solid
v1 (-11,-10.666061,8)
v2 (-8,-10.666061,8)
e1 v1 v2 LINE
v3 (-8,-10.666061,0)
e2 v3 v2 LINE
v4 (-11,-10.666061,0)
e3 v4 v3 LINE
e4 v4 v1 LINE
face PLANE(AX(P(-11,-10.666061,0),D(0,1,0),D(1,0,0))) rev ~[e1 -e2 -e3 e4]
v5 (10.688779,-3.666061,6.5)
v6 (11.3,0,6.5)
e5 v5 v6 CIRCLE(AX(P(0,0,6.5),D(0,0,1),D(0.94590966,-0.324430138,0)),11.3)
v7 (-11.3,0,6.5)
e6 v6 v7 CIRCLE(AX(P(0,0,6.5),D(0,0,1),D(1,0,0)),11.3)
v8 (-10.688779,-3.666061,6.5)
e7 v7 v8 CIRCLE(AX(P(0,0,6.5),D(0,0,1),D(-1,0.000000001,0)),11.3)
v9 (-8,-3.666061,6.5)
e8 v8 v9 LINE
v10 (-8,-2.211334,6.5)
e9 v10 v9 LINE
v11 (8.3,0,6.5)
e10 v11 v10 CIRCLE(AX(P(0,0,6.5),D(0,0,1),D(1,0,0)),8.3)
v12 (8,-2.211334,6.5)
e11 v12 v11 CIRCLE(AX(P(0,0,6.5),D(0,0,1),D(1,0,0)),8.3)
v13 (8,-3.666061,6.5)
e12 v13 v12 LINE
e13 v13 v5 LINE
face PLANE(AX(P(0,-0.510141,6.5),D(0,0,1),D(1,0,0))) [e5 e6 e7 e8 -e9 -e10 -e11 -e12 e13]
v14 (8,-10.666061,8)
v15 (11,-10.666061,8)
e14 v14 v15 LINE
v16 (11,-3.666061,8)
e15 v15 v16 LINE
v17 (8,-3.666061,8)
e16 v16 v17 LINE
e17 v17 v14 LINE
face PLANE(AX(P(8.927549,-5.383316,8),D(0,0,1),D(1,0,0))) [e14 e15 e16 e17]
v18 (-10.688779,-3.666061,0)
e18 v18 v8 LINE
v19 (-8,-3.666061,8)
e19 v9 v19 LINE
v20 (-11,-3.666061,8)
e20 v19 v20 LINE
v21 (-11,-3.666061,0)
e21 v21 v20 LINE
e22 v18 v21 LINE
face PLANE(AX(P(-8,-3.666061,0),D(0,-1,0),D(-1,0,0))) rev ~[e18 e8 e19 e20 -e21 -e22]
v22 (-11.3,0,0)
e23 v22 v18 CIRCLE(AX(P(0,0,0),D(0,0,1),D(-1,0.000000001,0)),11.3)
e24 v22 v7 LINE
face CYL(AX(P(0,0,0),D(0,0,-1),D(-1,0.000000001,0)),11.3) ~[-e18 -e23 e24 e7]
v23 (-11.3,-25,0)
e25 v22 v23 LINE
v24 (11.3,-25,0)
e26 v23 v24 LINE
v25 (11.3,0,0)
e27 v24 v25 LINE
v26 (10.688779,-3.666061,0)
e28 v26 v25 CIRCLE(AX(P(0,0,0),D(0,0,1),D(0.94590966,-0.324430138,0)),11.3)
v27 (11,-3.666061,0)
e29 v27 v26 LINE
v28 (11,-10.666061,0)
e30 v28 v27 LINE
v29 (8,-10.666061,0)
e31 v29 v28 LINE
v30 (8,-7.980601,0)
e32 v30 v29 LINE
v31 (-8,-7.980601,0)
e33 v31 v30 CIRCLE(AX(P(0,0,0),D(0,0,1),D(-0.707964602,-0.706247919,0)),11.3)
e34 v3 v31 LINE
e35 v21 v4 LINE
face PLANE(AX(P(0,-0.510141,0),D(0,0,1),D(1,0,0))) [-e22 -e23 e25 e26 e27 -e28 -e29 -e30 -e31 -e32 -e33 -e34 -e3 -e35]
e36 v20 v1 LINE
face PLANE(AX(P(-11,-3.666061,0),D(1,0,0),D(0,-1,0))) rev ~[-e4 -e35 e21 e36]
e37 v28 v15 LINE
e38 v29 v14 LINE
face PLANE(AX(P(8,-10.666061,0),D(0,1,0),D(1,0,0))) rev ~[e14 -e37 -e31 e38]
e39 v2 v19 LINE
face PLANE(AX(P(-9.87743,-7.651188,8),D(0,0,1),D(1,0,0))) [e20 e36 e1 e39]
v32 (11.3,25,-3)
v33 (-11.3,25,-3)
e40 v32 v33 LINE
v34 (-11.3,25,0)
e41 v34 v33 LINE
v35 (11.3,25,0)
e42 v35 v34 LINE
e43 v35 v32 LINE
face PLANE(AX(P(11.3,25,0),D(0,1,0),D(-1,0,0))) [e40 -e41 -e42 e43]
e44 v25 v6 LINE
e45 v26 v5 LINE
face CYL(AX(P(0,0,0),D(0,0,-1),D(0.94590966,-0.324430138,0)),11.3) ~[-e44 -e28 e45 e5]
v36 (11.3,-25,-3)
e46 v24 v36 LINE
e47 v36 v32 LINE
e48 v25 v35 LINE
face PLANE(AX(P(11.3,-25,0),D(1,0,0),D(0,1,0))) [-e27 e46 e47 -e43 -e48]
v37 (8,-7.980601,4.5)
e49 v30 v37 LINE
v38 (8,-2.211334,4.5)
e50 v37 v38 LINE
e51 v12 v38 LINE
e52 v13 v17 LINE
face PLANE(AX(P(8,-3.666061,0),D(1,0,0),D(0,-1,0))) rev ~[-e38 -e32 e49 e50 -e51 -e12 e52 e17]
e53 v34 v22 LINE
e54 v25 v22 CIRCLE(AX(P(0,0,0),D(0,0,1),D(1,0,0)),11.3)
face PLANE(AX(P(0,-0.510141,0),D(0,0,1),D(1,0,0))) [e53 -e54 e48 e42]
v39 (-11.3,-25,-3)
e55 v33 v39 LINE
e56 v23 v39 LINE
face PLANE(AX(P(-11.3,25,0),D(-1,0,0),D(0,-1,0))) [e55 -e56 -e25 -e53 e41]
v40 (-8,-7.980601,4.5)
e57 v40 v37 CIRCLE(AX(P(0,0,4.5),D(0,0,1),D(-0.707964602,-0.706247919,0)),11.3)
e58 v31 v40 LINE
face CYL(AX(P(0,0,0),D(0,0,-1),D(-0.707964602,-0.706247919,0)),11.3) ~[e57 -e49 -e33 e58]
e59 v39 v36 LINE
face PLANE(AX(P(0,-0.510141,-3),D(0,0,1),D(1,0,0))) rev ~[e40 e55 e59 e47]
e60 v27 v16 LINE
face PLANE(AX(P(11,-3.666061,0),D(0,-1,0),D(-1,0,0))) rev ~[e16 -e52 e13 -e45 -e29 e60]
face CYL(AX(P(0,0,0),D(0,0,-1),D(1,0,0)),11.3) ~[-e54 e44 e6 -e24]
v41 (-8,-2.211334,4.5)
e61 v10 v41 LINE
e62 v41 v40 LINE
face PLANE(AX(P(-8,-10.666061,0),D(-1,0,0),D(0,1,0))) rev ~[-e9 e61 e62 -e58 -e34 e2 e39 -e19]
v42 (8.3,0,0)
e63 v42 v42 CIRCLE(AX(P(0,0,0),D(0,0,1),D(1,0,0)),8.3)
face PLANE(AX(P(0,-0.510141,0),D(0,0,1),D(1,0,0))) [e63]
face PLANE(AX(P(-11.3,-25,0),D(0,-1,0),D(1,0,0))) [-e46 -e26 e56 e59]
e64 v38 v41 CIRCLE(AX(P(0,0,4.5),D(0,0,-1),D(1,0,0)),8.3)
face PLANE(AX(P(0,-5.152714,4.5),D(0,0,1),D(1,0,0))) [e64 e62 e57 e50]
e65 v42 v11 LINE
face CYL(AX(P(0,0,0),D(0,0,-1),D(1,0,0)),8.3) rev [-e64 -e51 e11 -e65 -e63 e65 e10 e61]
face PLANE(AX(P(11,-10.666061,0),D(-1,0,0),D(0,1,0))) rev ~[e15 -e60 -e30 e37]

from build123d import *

# Parameters (mm, degrees)
F0_R     = 8.3
F1_DEPTH = 6.5
F2_DEPTH = 8
F4_DEPTH = 2
F5_DEPTH = 3


with BuildPart() as f1:
    # F0 (on Top) → F1 (new body)
    with BuildSketch(Plane.XY):
        with BuildLine():
            ThreePointArc((10.6887791632, -3.666060556), (11.1461474184, -1.8583319746), (11.3, 0))
            ThreePointArc((11.3, 0), (6.7e-09, 11.3), (-11.3, 1.34e-08))
            ThreePointArc((-11.3, 1.34e-08), (-11.1461474195, -1.858331968), (-10.6887791632, -3.666060556))
            Line((-10.6887791632, -3.666060556), (-8, -3.666060556))
            Line((-8, -3.666060556), (-8, -7.9806014811))
            ThreePointArc((-8, -7.9806014811), (0, -11.3), (8, -7.9806014811))
            Line((8, -7.9806014811), (8, -3.666060556))
            Line((8, -3.666060556), (10.6887791632, -3.666060556))
        make_face()
        Circle(F0_R, mode=Mode.SUBTRACT)
    extrude(amount=F1_DEPTH)

    # F0 (on Top) → F2 (join)
    with BuildSketch(Plane.XY):
        with BuildLine():
            ThreePointArc((8, -7.9806014811), (9.5901737472, -5.9765012757), (10.6887791632, -3.666060556))
            Line((10.6887791632, -3.666060556), (8, -3.666060556))
            Line((8, -3.666060556), (8, -7.9806014811))
        make_face()
        with BuildLine():
            Line((11, -3.666060556), (10.6887791632, -3.666060556))
            ThreePointArc((10.6887791632, -3.666060556), (9.5901737472, -5.9765012757), (8, -7.9806014811))
            Line((8, -7.9806014811), (8, -10.666060556))
            Line((8, -10.666060556), (11, -10.666060556))
            Line((11, -10.666060556), (11, -3.666060556))
        make_face()
        with BuildLine():
            ThreePointArc((-8, -7.9806014811), (-9.5901737472, -5.9765012757), (-10.6887791632, -3.666060556))
            Line((-10.6887791632, -3.666060556), (-11, -3.666060556))
            Line((-11, -3.666060556), (-11, -10.666060556))
            Line((-11, -10.666060556), (-8, -10.666060556))
            Line((-8, -10.666060556), (-8, -7.9806014811))
        make_face()
        with BuildLine():
            Line((-8, -3.666060556), (-10.6887791632, -3.666060556))
            ThreePointArc((-10.6887791632, -3.666060556), (-9.5901737472, -5.9765012757), (-8, -7.9806014811))
            Line((-8, -7.9806014811), (-8, -3.666060556))
        make_face()
    extrude(amount=F2_DEPTH)

    # F3 (on face) → F4 (cut)
    with BuildSketch(Plane.XY.offset(6.5)):
        with BuildLine():
            Line((7.4464756765, -3.666060556), (-7.4464756765, -3.666060556))
            ThreePointArc((-7.4464756765, -3.666060556), (0, -8.3), (7.4464756765, -3.666060556))
        make_face()
        with BuildLine():
            Line((-7.4464756765, -3.666060556), (-8, -3.666060556))
            Line((-8, -3.666060556), (-8, -7.9806014811))
            ThreePointArc((-8, -7.9806014811), (-6.0175392622, -9.5644770494), (-3.7316420268, -10.666060556))
            Line((-3.7316420268, -10.666060556), (3.7316420268, -10.666060556))
            ThreePointArc((3.7316420268, -10.666060556), (6.0175392622, -9.5644770494), (8, -7.9806014811))
            Line((8, -7.9806014811), (8, -3.666060556))
            Line((8, -3.666060556), (7.4464756765, -3.666060556))
            ThreePointArc((7.4464756765, -3.666060556), (0, -8.3), (-7.4464756765, -3.666060556))
        make_face()
        with BuildLine():
            ThreePointArc((8, -7.9806014811), (6.0175392622, -9.5644770494), (3.7316420268, -10.666060556))
            Line((3.7316420268, -10.666060556), (8, -10.666060556))
            Line((8, -10.666060556), (8, -7.9806014811))
        make_face()
        with BuildLine():
            ThreePointArc((-3.7316420268, -10.666060556), (-6.0175392622, -9.5644770494), (-8, -7.9806014811))
            Line((-8, -7.9806014811), (-8, -10.666060556))
            Line((-8, -10.666060556), (-3.7316420268, -10.666060556))
        make_face()
        with BuildLine():
            Line((8, -10.666060556), (3.7316420268, -10.666060556))
            ThreePointArc((3.7316420268, -10.666060556), (1.8925532645, -11.1403878811), (0, -11.3))
            Line((0, -11.3), (8, -11.3))
            Line((8, -11.3), (8, -10.666060556))
        make_face()
        with BuildLine():
            Line((3.7316420268, -10.666060556), (-3.7316420268, -10.666060556))
            ThreePointArc((-3.7316420268, -10.666060556), (-1.8925532645, -11.1403878811), (0, -11.3))
            ThreePointArc((0, -11.3), (1.8925532645, -11.1403878811), (3.7316420268, -10.666060556))
        make_face()
        with BuildLine():
            Line((-3.7316420268, -10.666060556), (-8, -10.666060556))
            Line((-8, -10.666060556), (-8, -11.3))
            Line((-8, -11.3), (0, -11.3))
            ThreePointArc((0, -11.3), (-1.8925532645, -11.1403878811), (-3.7316420268, -10.666060556))
        make_face()
        with BuildLine():
            ThreePointArc((8, -2.2113344387), (7.7574132109, -2.951701251), (7.4464756765, -3.666060556))
            Line((7.4464756765, -3.666060556), (8, -3.666060556))
            Line((8, -3.666060556), (8, -2.2113344387))
        make_face()
        with BuildLine():
            Line((-8, -2.2113344387), (-8, -3.666060556))
            Line((-8, -3.666060556), (-7.4464756765, -3.666060556))
            ThreePointArc((-7.4464756765, -3.666060556), (-7.7574132109, -2.951701251), (-8, -2.2113344387))
        make_face()
        with BuildLine():
            ThreePointArc((-8, -2.2113344387), (-7.7574132109, -2.951701251), (-7.4464756765, -3.666060556))
            Line((-7.4464756765, -3.666060556), (7.4464756765, -3.666060556))
            ThreePointArc((7.4464756765, -3.666060556), (7.7574132109, -2.951701251), (8, -2.2113344387))
            Line((8, -2.2113344387), (-8, -2.2113344387))
        make_face()
    extrude(amount=-F4_DEPTH, mode=Mode.SUBTRACT)

    # F0 (on Top) → F5 (join)
    with BuildSketch(Plane.XY):
        with BuildLine():
            ThreePointArc((10.6887791632, -3.666060556), (11.1461474184, -1.8583319746), (11.3, 0))
            ThreePointArc((11.3, 0), (6.7e-09, 11.3), (-11.3, 1.34e-08))
            ThreePointArc((-11.3, 1.34e-08), (-11.1461474195, -1.858331968), (-10.6887791632, -3.666060556))
            Line((-10.6887791632, -3.666060556), (-8, -3.666060556))
            Line((-8, -3.666060556), (-8, -7.9806014811))
            ThreePointArc((-8, -7.9806014811), (0, -11.3), (8, -7.9806014811))
            Line((8, -7.9806014811), (8, -3.666060556))
            Line((8, -3.666060556), (10.6887791632, -3.666060556))
        make_face()
        Circle(F0_R, mode=Mode.SUBTRACT)
        with BuildLine():
            ThreePointArc((8, -7.9806014811), (9.5901737472, -5.9765012757), (10.6887791632, -3.666060556))
            Line((10.6887791632, -3.666060556), (8, -3.666060556))
            Line((8, -3.666060556), (8, -7.9806014811))
        make_face()
        with BuildLine():
            Line((11, -3.666060556), (10.6887791632, -3.666060556))
            ThreePointArc((10.6887791632, -3.666060556), (9.5901737472, -5.9765012757), (8, -7.9806014811))
            Line((8, -7.9806014811), (8, -10.666060556))
            Line((8, -10.666060556), (11, -10.666060556))
            Line((11, -10.666060556), (11, -3.666060556))
        make_face()
        with BuildLine():
            Line((-8, -3.666060556), (-10.6887791632, -3.666060556))
            ThreePointArc((-10.6887791632, -3.666060556), (-9.5901737472, -5.9765012757), (-8, -7.9806014811))
            Line((-8, -7.9806014811), (-8, -3.666060556))
        make_face()
        with BuildLine():
            ThreePointArc((-8, -7.9806014811), (-9.5901737472, -5.9765012757), (-10.6887791632, -3.666060556))
            Line((-10.6887791632, -3.666060556), (-11, -3.666060556))
            Line((-11, -3.666060556), (-11, -10.666060556))
            Line((-11, -10.666060556), (-8, -10.666060556))
            Line((-8, -10.666060556), (-8, -7.9806014811))
        make_face()
        with BuildLine():
            Line((11.3, -25), (11.3, 0))
            ThreePointArc((11.3, 0), (11.1461474184, -1.8583319746), (10.6887791632, -3.666060556))
            Line((10.6887791632, -3.666060556), (11, -3.666060556))
            Line((11, -3.666060556), (11, -10.666060556))
            Line((11, -10.666060556), (8, -10.666060556))
            Line((8, -10.666060556), (8, -7.9806014811))
            ThreePointArc((8, -7.9806014811), (0, -11.3), (-8, -7.9806014811))
            Line((-8, -7.9806014811), (-8, -10.666060556))
            Line((-8, -10.666060556), (-11, -10.666060556))
            Line((-11, -10.666060556), (-11, -3.666060556))
            Line((-11, -3.666060556), (-10.6887791632, -3.666060556))
            ThreePointArc((-10.6887791632, -3.666060556), (-11.1461474195, -1.858331968), (-11.3, 1.34e-08))
            Line((-11.3, 1.34e-08), (-11.3, -25))
            Line((-11.3, -25), (11.3, -25))
        make_face()
        with BuildLine():
            ThreePointArc((-11.3, 1.34e-08), (6.7e-09, 11.3), (11.3, 0))
            Line((11.3, 0), (11.3, 25))
            Line((11.3, 25), (-11.3, 25))
            Line((-11.3, 25), (-11.3, 1.34e-08))
        make_face()
        Circle(F0_R)
    extrude(amount=-F5_DEPTH)


solid = f1.part
